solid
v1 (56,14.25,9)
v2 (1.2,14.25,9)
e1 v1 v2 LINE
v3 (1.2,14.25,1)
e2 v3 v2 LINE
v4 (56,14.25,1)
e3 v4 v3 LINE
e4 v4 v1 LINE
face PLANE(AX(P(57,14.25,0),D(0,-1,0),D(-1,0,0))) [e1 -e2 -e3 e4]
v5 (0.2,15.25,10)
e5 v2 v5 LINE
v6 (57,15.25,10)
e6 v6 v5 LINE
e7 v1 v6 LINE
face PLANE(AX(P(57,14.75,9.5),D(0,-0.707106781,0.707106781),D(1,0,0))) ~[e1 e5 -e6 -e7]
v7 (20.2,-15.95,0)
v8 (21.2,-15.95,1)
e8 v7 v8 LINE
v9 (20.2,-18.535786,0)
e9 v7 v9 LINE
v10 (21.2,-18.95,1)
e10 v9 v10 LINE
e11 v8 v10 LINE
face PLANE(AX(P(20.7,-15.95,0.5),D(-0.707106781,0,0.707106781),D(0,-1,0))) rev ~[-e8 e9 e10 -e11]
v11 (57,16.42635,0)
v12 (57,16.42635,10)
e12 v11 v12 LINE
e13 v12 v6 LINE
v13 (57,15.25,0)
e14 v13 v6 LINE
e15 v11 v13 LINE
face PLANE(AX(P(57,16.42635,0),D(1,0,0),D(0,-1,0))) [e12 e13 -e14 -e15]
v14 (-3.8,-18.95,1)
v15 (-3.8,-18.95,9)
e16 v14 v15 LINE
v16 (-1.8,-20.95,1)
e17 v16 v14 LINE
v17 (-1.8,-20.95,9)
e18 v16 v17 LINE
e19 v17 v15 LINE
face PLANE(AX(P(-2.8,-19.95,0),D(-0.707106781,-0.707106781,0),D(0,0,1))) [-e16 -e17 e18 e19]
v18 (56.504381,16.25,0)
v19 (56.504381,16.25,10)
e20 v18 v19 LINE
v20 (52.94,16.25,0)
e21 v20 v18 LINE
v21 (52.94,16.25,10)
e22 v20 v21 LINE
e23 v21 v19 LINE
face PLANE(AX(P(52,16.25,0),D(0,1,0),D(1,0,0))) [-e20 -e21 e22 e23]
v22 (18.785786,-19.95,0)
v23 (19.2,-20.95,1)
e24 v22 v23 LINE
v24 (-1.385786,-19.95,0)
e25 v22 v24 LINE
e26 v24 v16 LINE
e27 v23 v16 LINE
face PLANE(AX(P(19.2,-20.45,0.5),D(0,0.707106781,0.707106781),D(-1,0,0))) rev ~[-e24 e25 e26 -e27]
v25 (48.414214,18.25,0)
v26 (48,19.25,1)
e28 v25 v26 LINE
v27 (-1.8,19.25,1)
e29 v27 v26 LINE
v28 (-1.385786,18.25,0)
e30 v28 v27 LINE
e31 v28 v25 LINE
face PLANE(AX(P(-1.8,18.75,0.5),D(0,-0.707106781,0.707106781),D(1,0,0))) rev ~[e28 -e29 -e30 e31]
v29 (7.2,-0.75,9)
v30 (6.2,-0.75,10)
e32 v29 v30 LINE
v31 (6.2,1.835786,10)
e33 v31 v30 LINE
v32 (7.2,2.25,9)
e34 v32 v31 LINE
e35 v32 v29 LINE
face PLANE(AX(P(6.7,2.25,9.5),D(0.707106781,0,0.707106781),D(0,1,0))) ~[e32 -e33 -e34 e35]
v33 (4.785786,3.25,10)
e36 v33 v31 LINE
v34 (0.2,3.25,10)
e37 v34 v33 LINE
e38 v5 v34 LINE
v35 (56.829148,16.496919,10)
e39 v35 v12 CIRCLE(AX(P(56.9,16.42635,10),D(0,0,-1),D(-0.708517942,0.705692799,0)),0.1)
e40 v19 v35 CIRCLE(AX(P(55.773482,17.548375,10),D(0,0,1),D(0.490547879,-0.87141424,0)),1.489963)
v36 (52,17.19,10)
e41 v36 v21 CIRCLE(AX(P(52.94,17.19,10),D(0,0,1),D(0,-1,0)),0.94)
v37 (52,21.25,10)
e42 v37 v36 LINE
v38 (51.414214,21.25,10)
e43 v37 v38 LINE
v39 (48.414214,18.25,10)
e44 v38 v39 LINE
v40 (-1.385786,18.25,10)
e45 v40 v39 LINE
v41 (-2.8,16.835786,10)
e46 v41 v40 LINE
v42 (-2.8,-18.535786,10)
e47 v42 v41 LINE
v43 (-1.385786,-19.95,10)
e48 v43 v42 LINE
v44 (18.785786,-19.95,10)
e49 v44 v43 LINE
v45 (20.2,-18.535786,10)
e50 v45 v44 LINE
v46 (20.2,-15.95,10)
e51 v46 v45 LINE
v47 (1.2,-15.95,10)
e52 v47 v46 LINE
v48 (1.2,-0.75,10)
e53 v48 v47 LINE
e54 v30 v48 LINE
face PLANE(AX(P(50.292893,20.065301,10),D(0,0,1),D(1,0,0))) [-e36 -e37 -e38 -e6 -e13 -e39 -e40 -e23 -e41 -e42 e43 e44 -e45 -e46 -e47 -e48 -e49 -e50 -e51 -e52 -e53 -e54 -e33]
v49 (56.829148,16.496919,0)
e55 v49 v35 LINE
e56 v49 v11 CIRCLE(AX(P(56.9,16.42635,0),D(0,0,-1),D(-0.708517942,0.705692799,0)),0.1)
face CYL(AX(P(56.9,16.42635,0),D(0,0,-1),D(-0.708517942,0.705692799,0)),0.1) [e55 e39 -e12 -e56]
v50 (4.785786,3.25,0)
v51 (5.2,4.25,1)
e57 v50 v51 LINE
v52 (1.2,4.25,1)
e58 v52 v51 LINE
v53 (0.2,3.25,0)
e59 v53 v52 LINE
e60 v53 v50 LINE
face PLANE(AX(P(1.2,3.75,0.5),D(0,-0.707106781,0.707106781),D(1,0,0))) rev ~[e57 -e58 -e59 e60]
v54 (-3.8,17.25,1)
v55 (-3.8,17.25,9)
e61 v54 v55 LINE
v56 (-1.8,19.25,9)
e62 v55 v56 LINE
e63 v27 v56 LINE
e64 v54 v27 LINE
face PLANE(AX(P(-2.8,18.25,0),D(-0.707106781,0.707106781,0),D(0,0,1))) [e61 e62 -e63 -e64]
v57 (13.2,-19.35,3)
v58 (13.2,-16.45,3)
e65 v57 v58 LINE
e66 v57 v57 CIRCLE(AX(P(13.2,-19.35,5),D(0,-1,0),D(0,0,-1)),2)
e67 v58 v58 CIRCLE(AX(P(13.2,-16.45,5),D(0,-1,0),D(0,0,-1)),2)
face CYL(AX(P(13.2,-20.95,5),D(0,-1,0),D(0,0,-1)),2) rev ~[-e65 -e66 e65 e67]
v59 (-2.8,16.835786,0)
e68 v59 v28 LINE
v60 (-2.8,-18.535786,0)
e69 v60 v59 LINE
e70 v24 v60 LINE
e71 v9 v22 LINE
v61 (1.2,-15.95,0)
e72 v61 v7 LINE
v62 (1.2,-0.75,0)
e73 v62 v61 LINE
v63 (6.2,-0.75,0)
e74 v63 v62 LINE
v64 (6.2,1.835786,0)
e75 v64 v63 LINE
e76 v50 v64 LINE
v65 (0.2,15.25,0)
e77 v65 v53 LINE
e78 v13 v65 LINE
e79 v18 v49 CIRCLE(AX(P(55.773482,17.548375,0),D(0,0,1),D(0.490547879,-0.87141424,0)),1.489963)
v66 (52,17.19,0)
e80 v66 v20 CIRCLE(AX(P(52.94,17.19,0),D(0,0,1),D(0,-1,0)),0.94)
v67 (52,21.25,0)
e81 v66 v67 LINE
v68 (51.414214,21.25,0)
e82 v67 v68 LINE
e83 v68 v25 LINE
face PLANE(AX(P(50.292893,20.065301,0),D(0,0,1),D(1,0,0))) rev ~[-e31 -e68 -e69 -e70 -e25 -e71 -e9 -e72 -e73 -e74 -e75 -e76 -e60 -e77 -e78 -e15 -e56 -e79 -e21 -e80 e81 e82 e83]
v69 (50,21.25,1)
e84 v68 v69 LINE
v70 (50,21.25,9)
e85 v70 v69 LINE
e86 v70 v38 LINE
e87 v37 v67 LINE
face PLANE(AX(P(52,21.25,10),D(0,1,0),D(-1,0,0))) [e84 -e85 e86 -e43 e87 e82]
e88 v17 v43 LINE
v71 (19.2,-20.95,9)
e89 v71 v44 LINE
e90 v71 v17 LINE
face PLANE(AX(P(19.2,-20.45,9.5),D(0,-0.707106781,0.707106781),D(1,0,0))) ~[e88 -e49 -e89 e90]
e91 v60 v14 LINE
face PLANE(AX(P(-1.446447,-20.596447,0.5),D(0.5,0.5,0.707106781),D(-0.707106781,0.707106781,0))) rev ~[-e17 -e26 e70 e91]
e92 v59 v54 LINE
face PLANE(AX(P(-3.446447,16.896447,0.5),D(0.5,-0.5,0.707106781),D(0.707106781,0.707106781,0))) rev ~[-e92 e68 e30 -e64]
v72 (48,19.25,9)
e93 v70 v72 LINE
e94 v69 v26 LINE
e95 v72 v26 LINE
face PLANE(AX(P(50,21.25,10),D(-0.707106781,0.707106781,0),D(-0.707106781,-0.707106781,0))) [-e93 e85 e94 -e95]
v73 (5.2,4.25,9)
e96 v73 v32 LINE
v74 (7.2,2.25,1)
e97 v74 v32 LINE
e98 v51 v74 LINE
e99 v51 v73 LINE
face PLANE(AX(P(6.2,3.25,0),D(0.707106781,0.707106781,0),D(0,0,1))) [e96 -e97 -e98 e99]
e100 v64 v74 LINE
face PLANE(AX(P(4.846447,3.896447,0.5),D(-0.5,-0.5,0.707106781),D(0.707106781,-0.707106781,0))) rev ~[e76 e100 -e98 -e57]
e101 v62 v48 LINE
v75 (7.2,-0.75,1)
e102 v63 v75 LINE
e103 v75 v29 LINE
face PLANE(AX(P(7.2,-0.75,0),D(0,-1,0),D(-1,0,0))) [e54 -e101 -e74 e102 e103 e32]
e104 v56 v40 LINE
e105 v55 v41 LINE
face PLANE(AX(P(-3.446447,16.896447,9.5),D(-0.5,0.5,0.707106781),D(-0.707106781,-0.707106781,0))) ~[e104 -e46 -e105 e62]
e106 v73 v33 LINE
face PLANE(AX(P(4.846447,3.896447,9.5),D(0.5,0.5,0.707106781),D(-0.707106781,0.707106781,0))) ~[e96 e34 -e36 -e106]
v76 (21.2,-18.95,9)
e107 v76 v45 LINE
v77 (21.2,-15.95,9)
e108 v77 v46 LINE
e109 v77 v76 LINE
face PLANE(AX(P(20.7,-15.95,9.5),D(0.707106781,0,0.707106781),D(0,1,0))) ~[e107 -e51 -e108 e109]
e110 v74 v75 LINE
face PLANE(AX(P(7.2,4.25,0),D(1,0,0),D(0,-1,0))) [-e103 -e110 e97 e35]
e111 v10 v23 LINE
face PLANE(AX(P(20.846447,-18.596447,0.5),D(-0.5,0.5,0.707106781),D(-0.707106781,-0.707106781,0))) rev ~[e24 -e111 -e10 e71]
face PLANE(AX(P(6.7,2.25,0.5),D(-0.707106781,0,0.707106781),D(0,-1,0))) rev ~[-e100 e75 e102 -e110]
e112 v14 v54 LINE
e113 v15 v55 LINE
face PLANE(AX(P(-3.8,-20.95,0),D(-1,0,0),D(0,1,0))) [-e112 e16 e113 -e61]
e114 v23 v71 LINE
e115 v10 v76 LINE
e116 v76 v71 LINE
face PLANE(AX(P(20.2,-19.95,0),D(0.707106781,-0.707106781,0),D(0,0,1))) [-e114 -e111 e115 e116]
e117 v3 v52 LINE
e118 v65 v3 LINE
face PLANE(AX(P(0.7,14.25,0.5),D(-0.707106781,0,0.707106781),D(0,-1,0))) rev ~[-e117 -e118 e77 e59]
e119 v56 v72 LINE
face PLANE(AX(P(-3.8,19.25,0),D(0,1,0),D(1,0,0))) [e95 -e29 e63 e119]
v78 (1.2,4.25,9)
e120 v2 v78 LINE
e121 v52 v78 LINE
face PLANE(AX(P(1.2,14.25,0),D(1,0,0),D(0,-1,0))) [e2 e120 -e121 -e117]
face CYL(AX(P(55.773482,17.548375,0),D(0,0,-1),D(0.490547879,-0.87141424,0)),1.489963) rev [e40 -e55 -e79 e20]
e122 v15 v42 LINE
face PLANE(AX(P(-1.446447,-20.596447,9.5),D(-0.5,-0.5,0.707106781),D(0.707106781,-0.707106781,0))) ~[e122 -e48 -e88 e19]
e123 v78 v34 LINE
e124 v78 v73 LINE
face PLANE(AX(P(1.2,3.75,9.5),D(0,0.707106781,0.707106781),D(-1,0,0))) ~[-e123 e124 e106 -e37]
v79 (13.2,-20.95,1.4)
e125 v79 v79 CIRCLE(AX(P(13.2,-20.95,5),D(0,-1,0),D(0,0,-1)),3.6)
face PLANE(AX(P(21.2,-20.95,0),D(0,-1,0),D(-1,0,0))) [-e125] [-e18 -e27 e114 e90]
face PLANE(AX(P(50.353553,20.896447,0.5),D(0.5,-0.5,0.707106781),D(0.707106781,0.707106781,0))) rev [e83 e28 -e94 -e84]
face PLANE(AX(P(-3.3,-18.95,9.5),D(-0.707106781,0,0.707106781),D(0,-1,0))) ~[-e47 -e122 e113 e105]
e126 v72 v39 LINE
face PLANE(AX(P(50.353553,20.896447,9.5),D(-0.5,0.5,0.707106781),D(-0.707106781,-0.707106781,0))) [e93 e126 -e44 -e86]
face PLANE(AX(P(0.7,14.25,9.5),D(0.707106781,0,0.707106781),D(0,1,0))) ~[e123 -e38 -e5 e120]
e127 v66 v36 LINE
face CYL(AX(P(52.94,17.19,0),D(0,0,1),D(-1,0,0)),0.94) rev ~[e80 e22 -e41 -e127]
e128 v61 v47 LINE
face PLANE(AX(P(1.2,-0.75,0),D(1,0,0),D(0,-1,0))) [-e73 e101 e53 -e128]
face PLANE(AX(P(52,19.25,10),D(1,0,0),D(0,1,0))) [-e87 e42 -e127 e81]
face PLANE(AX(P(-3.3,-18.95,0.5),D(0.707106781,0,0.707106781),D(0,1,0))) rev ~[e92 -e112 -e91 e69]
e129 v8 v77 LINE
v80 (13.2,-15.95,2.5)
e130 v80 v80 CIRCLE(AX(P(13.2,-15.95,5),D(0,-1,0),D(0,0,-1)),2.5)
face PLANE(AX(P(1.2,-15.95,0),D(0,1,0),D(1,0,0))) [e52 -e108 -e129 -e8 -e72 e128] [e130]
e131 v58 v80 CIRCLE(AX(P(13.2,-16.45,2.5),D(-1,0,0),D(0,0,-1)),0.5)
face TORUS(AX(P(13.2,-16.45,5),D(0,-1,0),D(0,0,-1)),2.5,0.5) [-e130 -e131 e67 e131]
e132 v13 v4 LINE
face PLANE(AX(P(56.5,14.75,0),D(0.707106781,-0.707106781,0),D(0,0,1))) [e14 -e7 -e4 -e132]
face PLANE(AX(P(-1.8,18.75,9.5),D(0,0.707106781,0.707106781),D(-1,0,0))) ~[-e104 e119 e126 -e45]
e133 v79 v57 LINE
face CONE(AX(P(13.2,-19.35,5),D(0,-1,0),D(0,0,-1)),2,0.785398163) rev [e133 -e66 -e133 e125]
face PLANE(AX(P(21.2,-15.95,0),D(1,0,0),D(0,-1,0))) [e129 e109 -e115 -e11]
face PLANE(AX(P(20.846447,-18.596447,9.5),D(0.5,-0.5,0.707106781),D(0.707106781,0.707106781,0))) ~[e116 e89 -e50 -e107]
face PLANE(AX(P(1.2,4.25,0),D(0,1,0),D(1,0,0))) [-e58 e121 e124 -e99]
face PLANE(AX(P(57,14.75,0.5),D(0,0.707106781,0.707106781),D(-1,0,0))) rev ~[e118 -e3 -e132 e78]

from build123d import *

# Parameters (mm, degrees)
RESSALTO_EXTRUS_O1_DEPTH = 10
ESBO_O3_R                = 2
CORTE_EXTRUS_O1_DEPTH    = 15
CHANFRO1_SIZE            = 1.6
FILETE1_R                = 0.5
FILETE2_R                = 0.94
RESSALTO_EXTRUS_O3_DEPTH = 10
CHANFRO5_SIZE            = 2
CHANFRO4_SIZE            = 1


with BuildPart() as part:
    # Esboço1 → Ressalto-extrusão1 (new body)
    with BuildSketch(Plane.XY):
        with BuildLine():
            Line((57, 14.25), (1.2, 14.25))
            Line((1.2, 14.25), (1.2, 4.25))
            Line((1.2, 4.25), (7.2, 4.25))
            Line((7.2, 4.25), (7.2, -0.75))
            Line((7.2, -0.75), (1.2, -0.75))
            Line((1.2, -0.75), (1.2, -15.95))
            Line((1.2, -15.95), (21.2, -15.95))
            Line((21.2, -15.95), (21.2, -20.95))
            Line((21.2, -20.95), (-3.8, -20.95))
            Line((-3.8, -20.95), (-3.8, 19.25))
            Line((-3.8, 19.25), (52, 19.25))
            Line((52, 19.25), (52, 16.25))
            Line((52, 16.25), (56.504380809, 16.25))
            ThreePointArc((56.504380809, 16.25), (56.67525574, 16.362291088), (56.829148206, 16.496918869))
            ThreePointArc((56.829148206, 16.496918869), (56.938176044, 16.51877572), (57, 16.426349589))
            Line((57, 16.426349589), (57, 16.25))
            Line((57, 16.25), (57, 14.25))
        make_face()
    extrude(amount=RESSALTO_EXTRUS_O1_DEPTH)

    # Esboço3 → Corte-extrusão1 (cut)
    with BuildSketch(Plane.XZ.offset(20.95)):
        with Locations(Location((13.2, 5, 0), (0, 0, 270))):
            Circle(ESBO_O3_R)
    extrude(amount=-CORTE_EXTRUS_O1_DEPTH, mode=Mode.SUBTRACT)

    # Chanfro1
    chanfro1_edges = [part.edges().sort_by_distance(p)[0] for p in [
        (13.2, -20.95, 7),
    ]]
    chamfer(chanfro1_edges, length=CHANFRO1_SIZE)

    # Filete1
    filete1_edges = [part.edges().sort_by_distance(p)[0] for p in [
        (13.2, -15.95, 7),
    ]]
    fillet(filete1_edges, radius=FILETE1_R)

    # Filete2
    filete2_edges = [part.edges().sort_by_distance(p)[0] for p in [
        (52, 16.25, 5),
    ]]
    fillet(filete2_edges, radius=FILETE2_R)

    # Esboço5 → Ressalto-extrusão3 (add)
    with BuildSketch(Plane.XY.offset(10)):
        Polygon((52, 19.25), (52, 21.25), (50, 21.25), (48, 19.25), align=None)
    extrude(amount=-RESSALTO_EXTRUS_O3_DEPTH)

    # Chanfro5
    chanfro5_edges = [part.edges().sort_by_distance(p)[0] for p in [
        (21.2, -20.95, 5),
        (-3.8, -20.95, 5),
        (-3.8, 19.25, 5),
        (7.2, 4.25, 5),
    ]]
    chamfer(chanfro5_edges, length=CHANFRO5_SIZE)

    # Chanfro4
    chanfro4_edges = [part.edges().sort_by_distance(p)[0] for p in [
        (1.2, 9.25, 10),
        (29.1, 14.25, 10),
        (29.1, 14.25, 0),
        (1.2, 9.25, 0),
        (7.2, 0.75, 0),
        (57, 14.25, 5),
        (7.2, 0.75, 10),
        (23.1, 19.25, 0),
        (23.1, 19.25, 10),
        (49, 20.25, 10),
        (49, 20.25, 0),
        (8.7, -20.95, 0),
        (8.7, -20.95, 10),
        (21.2, -17.45, 0),
        (-3.8, -0.85, 0),
        (3.2, 4.25, 0),
        (-2.8, 18.25, 0),
        (6.2, 3.25, 0),
        (20.2, -19.95, 0),
        (-2.8, -19.95, 0),
        (-3.8, -0.85, 10),
        (3.2, 4.25, 10),
        (21.2, -17.45, 10),
        (-2.8, 18.25, 10),
        (6.2, 3.25, 10),
        (20.2, -19.95, 10),
        (-2.8, -19.95, 10),
    ]]
    chamfer(chanfro4_edges, length=CHANFRO4_SIZE)


solid = part.part
